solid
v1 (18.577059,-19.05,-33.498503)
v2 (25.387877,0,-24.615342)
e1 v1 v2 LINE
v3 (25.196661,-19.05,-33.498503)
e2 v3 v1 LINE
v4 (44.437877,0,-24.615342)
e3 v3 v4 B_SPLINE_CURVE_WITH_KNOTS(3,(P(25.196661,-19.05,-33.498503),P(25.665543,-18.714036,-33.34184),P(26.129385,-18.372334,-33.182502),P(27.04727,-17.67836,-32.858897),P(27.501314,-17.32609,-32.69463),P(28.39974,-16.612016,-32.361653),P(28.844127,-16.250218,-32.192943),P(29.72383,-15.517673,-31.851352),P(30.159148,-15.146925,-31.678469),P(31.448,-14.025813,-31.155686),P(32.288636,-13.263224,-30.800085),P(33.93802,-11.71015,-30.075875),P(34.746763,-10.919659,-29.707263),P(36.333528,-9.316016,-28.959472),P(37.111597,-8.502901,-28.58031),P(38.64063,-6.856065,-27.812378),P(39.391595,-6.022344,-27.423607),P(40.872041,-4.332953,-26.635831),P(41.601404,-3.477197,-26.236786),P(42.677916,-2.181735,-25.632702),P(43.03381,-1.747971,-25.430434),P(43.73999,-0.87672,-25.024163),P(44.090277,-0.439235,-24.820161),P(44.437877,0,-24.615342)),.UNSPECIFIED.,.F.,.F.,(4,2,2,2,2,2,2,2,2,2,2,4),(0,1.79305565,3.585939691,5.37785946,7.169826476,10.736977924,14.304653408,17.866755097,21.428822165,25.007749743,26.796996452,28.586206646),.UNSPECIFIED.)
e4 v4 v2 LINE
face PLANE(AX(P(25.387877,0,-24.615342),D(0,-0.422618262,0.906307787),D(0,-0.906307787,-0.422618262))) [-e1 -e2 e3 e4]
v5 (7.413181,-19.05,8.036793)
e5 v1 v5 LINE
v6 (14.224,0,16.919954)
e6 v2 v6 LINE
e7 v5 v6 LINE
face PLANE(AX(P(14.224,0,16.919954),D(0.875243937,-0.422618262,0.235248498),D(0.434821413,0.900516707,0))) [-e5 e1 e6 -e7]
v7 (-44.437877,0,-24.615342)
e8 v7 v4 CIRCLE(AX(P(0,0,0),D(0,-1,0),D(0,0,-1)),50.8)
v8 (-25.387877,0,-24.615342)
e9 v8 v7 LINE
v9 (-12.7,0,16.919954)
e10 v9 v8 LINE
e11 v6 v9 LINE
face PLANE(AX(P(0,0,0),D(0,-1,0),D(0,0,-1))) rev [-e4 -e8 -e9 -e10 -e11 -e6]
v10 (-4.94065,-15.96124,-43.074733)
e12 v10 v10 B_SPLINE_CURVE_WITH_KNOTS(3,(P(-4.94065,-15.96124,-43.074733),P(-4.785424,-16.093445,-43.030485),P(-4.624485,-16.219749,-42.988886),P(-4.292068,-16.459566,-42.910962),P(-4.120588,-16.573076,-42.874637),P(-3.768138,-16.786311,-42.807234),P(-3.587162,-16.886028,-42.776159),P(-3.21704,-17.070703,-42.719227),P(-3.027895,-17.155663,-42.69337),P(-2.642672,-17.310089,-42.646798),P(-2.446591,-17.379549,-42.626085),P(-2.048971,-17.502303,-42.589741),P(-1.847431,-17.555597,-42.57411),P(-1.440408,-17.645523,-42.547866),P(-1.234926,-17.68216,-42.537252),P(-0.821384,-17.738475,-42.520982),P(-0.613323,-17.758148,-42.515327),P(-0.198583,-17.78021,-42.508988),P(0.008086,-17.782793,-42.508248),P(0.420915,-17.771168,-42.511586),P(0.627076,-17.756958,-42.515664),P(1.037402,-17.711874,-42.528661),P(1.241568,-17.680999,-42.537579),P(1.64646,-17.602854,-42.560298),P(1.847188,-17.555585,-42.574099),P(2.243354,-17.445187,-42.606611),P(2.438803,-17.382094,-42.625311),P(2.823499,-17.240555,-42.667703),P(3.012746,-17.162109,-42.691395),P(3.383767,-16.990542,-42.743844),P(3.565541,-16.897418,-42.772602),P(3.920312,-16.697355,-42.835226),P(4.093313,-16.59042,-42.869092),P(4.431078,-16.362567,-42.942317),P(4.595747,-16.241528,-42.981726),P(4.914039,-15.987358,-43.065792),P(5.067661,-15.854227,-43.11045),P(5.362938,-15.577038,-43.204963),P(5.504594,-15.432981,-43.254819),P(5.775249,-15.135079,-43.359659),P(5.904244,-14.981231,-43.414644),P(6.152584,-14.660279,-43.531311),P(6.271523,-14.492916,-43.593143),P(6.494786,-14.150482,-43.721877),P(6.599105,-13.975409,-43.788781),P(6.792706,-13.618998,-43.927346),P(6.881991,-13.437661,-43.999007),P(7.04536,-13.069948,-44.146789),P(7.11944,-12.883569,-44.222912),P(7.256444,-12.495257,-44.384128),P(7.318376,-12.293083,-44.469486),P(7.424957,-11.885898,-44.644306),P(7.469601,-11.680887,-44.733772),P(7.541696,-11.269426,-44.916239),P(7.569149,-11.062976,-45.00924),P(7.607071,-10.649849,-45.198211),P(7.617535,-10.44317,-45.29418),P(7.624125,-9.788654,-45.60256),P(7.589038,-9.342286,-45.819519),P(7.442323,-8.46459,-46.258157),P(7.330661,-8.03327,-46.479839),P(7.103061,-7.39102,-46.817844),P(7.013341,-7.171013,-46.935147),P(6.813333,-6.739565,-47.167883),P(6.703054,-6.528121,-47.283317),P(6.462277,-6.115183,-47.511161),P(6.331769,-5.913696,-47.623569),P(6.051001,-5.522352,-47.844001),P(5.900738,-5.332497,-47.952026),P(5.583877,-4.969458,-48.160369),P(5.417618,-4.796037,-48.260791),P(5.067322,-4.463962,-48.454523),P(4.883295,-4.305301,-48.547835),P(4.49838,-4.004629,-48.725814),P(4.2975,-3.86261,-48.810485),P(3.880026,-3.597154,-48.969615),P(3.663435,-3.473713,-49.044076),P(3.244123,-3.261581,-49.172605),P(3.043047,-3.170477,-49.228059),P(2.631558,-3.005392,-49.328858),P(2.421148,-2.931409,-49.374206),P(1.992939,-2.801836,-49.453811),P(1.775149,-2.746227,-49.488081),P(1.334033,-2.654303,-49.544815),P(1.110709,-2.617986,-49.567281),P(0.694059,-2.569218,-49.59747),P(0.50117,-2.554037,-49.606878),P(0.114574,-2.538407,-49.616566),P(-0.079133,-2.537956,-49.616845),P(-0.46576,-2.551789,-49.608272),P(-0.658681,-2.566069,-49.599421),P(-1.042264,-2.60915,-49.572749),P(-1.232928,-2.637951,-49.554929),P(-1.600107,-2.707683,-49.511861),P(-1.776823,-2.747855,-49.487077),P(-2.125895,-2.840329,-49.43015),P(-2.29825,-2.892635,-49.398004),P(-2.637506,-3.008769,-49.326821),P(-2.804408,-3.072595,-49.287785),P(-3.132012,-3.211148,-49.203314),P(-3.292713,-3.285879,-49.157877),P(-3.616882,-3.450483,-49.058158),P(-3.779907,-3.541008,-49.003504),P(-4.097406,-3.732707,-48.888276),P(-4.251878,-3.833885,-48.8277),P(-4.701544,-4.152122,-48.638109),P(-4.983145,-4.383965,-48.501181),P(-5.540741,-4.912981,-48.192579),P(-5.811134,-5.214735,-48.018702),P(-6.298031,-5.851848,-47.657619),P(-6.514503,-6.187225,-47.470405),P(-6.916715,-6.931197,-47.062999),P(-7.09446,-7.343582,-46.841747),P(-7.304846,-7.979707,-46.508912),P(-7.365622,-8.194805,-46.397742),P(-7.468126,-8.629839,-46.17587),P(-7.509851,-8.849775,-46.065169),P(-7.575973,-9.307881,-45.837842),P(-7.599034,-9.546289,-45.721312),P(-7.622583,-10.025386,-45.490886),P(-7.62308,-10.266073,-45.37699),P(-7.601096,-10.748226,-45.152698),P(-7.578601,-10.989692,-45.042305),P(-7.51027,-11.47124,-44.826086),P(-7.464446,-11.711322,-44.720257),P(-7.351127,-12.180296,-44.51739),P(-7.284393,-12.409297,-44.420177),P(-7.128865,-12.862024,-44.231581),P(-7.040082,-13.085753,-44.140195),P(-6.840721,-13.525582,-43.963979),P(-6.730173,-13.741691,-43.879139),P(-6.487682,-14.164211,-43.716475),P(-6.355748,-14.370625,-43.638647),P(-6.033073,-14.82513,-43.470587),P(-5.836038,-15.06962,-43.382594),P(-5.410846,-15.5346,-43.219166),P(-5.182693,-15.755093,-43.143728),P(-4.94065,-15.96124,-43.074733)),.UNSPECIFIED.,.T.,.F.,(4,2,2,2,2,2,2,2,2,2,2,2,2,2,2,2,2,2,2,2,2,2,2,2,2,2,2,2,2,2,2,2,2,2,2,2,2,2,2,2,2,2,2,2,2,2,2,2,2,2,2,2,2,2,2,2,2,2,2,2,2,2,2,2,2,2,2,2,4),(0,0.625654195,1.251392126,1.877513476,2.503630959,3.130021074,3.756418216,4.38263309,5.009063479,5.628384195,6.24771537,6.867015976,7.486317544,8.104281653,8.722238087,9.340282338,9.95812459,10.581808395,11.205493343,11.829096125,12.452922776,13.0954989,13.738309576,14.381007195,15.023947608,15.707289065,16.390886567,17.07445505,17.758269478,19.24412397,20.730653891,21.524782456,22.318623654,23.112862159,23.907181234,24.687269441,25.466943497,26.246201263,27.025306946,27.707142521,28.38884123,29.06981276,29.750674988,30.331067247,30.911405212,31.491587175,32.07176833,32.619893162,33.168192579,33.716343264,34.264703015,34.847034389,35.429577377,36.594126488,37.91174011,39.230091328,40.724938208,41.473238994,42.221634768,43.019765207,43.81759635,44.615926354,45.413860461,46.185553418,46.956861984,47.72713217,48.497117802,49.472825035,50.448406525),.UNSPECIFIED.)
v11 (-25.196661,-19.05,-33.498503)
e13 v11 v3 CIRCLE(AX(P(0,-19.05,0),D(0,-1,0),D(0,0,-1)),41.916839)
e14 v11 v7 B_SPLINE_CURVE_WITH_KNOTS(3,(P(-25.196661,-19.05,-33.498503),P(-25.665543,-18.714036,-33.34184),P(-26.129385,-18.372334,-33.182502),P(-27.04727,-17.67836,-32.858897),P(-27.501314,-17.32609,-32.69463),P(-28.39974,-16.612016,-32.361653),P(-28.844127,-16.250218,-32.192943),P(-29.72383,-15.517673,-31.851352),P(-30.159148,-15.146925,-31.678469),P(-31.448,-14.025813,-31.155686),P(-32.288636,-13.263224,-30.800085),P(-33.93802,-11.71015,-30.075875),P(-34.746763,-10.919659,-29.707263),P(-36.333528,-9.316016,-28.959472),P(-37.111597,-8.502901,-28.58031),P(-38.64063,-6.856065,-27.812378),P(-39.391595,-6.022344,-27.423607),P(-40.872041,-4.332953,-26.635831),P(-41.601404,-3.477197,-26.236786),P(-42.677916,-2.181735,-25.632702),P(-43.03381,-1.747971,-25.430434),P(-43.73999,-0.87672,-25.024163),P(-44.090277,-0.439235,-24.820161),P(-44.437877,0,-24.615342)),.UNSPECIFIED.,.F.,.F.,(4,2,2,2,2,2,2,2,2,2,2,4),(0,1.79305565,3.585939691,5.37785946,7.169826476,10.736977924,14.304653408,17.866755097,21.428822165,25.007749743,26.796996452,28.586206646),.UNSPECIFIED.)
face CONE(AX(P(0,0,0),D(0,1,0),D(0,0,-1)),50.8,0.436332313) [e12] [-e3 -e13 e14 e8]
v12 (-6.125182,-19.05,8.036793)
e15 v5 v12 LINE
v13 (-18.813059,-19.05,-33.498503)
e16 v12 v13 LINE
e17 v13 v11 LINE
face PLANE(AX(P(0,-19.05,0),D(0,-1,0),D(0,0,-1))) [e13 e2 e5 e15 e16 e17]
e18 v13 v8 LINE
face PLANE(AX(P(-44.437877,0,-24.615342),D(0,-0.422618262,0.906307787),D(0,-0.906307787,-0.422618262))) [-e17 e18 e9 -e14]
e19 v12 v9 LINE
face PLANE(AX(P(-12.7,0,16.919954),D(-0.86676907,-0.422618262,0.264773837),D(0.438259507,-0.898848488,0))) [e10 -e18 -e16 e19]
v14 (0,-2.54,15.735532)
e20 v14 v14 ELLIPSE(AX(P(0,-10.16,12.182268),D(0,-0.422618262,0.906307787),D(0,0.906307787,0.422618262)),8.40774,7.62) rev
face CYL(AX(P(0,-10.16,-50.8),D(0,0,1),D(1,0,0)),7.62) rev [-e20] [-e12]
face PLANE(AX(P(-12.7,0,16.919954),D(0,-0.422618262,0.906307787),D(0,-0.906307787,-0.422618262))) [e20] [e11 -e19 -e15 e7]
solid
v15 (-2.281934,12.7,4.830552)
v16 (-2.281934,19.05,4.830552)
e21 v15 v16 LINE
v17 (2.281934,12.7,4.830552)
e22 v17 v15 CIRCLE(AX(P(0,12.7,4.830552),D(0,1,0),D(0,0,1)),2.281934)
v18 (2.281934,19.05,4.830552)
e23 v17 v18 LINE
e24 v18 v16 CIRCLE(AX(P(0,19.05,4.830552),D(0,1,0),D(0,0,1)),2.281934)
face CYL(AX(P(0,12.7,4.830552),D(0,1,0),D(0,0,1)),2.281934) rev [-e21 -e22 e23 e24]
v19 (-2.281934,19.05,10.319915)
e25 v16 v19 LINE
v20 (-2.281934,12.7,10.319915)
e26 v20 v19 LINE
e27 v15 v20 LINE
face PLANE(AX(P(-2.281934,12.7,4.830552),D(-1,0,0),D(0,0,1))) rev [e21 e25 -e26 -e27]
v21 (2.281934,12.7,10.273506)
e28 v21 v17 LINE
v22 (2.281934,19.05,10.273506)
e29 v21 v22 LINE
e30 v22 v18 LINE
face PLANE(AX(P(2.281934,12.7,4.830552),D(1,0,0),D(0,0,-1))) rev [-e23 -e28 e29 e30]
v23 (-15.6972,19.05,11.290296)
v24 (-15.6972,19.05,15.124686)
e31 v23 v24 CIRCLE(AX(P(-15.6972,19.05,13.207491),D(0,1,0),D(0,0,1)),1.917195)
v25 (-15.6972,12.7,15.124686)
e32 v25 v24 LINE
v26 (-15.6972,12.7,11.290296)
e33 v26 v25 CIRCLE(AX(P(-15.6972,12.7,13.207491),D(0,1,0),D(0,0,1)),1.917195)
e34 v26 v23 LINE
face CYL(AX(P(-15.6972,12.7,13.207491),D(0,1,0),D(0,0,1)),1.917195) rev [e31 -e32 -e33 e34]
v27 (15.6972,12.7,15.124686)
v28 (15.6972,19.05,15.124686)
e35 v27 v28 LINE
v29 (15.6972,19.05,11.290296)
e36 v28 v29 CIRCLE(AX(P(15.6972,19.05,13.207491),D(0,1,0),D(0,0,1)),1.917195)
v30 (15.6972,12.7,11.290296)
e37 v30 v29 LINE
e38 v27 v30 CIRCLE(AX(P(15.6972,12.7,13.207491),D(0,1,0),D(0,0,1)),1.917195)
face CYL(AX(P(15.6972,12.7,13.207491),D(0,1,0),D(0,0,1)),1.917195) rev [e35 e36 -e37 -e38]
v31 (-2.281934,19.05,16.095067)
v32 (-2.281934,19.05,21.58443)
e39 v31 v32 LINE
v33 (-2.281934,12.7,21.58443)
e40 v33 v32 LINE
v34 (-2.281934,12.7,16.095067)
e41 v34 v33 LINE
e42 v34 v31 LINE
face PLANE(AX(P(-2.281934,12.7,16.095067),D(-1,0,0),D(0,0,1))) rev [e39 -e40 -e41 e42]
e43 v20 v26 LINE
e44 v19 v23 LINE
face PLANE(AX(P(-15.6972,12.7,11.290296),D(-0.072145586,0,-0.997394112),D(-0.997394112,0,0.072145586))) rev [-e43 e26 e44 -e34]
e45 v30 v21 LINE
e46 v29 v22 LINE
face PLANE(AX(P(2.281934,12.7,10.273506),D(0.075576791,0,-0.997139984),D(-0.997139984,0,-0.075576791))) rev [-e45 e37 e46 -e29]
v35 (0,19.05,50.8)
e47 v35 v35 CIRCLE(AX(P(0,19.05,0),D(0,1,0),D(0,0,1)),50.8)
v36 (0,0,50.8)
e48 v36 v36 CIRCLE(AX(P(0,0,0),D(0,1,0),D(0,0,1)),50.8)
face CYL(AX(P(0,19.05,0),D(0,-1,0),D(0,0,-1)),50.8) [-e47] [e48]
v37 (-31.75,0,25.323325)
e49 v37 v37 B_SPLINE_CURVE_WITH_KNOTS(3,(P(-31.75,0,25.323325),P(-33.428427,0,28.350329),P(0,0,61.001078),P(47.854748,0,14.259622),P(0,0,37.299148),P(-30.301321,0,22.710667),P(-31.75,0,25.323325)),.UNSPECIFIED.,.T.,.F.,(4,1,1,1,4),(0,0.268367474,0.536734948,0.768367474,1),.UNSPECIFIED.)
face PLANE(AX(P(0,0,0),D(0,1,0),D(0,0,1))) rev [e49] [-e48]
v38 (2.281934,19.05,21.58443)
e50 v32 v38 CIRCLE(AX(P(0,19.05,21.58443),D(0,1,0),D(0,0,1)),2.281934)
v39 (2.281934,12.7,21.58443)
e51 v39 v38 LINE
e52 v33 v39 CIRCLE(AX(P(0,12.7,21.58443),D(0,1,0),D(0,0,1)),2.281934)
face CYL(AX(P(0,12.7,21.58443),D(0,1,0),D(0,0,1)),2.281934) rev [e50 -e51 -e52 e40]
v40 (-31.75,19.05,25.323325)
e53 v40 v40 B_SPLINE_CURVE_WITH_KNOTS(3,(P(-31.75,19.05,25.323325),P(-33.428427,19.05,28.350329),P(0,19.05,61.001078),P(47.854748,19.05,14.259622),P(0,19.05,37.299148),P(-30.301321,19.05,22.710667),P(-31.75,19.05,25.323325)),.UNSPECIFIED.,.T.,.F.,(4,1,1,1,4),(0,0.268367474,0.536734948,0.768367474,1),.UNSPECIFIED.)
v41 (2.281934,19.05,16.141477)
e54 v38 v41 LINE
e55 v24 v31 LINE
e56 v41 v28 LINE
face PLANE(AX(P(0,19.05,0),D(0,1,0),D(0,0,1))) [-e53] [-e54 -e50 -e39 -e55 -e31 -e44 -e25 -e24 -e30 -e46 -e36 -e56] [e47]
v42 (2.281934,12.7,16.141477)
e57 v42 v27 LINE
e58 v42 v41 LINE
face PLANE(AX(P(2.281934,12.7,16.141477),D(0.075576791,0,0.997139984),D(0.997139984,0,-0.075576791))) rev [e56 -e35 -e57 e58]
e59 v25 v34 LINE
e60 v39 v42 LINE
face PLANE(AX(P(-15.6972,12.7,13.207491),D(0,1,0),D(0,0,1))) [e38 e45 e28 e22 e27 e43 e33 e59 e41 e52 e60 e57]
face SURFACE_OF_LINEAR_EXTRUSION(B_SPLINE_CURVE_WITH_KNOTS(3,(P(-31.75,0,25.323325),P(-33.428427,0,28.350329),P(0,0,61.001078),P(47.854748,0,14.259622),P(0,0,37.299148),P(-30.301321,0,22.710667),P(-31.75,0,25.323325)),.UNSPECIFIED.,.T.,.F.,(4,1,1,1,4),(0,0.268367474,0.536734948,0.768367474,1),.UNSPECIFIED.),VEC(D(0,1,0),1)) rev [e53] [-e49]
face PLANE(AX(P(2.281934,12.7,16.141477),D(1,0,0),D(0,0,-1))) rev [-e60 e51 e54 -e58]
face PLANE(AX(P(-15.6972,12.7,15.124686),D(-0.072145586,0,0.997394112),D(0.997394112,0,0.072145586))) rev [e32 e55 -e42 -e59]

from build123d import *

# Parameters (mm, degrees)
SKETCH1_R               = 50.8
BOSS_EXTRUDE1_DEPTH     = 19.05
CUT_EXTRUDE1_DEPTH      = 6.35
CUT_EXTRUDE2_DEPTH      = 20.05
BOSS_EXTRUDE2_DEPTH     = 19.05
BOSS_EXTRUDE2_DRAFT     = 25
SKETCH6_R               = 7.62
CUT_EXTRUDE3_DEPTH      = 51.8000001
CUT_EXTRUDE3_DEPTH_BACK = 51.8000001


with BuildPart() as part:
    # Sketch1 → Boss-Extrude1 (new body)
    with BuildSketch(Plane(origin=(0, 0, 0), x_dir=(1, 0, 0), z_dir=(0, 1, 0))):
        Circle(SKETCH1_R)
    extrude(amount=BOSS_EXTRUDE1_DEPTH)

    # Sketch2 → Cut-Extrude1 (cut)
    with BuildSketch(Plane(origin=(0, 19.05, 0), x_dir=(1, 0, 0), z_dir=(0, 1, 0))):
        with BuildLine():
            Line((-15.6972, -11.290296429), (-2.281933688, -10.319915476))
            Line((-2.281933688, -10.319915476), (-2.281933688, -4.830552162))
            ThreePointArc((-2.281933688, -4.830552162), (0, -2.548618474), (2.281933688, -4.830552162))
            Line((2.281933688, -4.830552162), (2.281933688, -10.27350561))
            Line((2.281933688, -10.27350561), (15.6972, -11.290296429))
            ThreePointArc((15.6972, -11.290296429), (17.614394741, -13.20749117), (15.6972, -15.124685911))
            Line((15.6972, -15.124685911), (2.281933688, -16.141476731))
            Line((2.281933688, -16.141476731), (2.281933688, -21.584430178))
            ThreePointArc((2.281933688, -21.584430178), (0, -23.866363866), (-2.281933688, -21.584430178))
            Line((-2.281933688, -21.584430178), (-2.281933688, -16.095066864))
            Line((-2.281933688, -16.095066864), (-15.6972, -15.124685911))
            ThreePointArc((-15.6972, -15.124685911), (-17.614394741, -13.20749117), (-15.6972, -11.290296429))
        make_face()
    extrude(amount=-CUT_EXTRUDE1_DEPTH, mode=Mode.SUBTRACT)

    # Sketch3 → Cut-Extrude2 (cut, through all)
    with BuildSketch(Plane(origin=(0, 19.05, 0), x_dir=(1, 0, 0), z_dir=(0, 1, 0))):
        with BuildLine():
            add(Edge.make_bspline(
                [(-31.75, -25.323325498), (-33.428426621, -28.350329476), (0, -61.001077706), (47.854748089, -14.259621723), (0, -37.299148342), (-30.301321469, -22.710666938), (-31.75, -25.323325498)],
                knots=[0, 0, 0, 0, 0.268367474, 0.536734948, 0.768367474, 1, 1, 1, 1], degree=3))
        make_face()
    extrude(amount=-CUT_EXTRUDE2_DEPTH, mode=Mode.SUBTRACT)


with BuildPart() as body_2:
    # Sketch4 → Boss-Extrude2 (with draft: the straight prism first)
    with BuildSketch(Plane.XZ):
        with BuildLine():
            ThreePointArc((-44.437877263, -24.615342053), (0, -50.8), (44.437877263, -24.615342053))
            Line((44.437877263, -24.615342053), (25.387877263, -24.615342053))
            Line((25.387877263, -24.615342053), (14.224, 16.919953551))
            Line((14.224, 16.919953551), (-12.7, 16.919953551))
            Line((-12.7, 16.919953551), (-25.387877263, -24.615342053))
            Line((-25.387877263, -24.615342053), (-44.437877263, -24.615342053))
        make_face()
    extrude(amount=BOSS_EXTRUDE2_DEPTH)
    # Boss-Extrude2: the draft: its side faces are tilted about the plane it starts from
    boss_extrude2_sides = [body_2.faces().sort_by_distance(p)[0] for p in [
        (0, -9.525, -50.8),
        (34.912877263, -9.525, -24.615342053),
        (19.805938631, -9.525, -3.847694251),
        (0.762, -9.525, 16.919953551),
        (-19.043938631, -9.525, -3.847694251),
        (-34.912877263, -9.525, -24.615342053),
    ]]
    draft(boss_extrude2_sides, Plane.XZ, BOSS_EXTRUDE2_DRAFT)

    # Sketch6 → Cut-Extrude3 (cut, two sides)
    with BuildSketch(Plane.XY) as cut_extrude3_sk:
        with Locations((0, -10.16)):
            Circle(SKETCH6_R)
    extrude(amount=CUT_EXTRUDE3_DEPTH, mode=Mode.SUBTRACT)
    extrude(cut_extrude3_sk.sketch, amount=-CUT_EXTRUDE3_DEPTH_BACK, mode=Mode.SUBTRACT)


solid = Compound([part.part, body_2.part])
